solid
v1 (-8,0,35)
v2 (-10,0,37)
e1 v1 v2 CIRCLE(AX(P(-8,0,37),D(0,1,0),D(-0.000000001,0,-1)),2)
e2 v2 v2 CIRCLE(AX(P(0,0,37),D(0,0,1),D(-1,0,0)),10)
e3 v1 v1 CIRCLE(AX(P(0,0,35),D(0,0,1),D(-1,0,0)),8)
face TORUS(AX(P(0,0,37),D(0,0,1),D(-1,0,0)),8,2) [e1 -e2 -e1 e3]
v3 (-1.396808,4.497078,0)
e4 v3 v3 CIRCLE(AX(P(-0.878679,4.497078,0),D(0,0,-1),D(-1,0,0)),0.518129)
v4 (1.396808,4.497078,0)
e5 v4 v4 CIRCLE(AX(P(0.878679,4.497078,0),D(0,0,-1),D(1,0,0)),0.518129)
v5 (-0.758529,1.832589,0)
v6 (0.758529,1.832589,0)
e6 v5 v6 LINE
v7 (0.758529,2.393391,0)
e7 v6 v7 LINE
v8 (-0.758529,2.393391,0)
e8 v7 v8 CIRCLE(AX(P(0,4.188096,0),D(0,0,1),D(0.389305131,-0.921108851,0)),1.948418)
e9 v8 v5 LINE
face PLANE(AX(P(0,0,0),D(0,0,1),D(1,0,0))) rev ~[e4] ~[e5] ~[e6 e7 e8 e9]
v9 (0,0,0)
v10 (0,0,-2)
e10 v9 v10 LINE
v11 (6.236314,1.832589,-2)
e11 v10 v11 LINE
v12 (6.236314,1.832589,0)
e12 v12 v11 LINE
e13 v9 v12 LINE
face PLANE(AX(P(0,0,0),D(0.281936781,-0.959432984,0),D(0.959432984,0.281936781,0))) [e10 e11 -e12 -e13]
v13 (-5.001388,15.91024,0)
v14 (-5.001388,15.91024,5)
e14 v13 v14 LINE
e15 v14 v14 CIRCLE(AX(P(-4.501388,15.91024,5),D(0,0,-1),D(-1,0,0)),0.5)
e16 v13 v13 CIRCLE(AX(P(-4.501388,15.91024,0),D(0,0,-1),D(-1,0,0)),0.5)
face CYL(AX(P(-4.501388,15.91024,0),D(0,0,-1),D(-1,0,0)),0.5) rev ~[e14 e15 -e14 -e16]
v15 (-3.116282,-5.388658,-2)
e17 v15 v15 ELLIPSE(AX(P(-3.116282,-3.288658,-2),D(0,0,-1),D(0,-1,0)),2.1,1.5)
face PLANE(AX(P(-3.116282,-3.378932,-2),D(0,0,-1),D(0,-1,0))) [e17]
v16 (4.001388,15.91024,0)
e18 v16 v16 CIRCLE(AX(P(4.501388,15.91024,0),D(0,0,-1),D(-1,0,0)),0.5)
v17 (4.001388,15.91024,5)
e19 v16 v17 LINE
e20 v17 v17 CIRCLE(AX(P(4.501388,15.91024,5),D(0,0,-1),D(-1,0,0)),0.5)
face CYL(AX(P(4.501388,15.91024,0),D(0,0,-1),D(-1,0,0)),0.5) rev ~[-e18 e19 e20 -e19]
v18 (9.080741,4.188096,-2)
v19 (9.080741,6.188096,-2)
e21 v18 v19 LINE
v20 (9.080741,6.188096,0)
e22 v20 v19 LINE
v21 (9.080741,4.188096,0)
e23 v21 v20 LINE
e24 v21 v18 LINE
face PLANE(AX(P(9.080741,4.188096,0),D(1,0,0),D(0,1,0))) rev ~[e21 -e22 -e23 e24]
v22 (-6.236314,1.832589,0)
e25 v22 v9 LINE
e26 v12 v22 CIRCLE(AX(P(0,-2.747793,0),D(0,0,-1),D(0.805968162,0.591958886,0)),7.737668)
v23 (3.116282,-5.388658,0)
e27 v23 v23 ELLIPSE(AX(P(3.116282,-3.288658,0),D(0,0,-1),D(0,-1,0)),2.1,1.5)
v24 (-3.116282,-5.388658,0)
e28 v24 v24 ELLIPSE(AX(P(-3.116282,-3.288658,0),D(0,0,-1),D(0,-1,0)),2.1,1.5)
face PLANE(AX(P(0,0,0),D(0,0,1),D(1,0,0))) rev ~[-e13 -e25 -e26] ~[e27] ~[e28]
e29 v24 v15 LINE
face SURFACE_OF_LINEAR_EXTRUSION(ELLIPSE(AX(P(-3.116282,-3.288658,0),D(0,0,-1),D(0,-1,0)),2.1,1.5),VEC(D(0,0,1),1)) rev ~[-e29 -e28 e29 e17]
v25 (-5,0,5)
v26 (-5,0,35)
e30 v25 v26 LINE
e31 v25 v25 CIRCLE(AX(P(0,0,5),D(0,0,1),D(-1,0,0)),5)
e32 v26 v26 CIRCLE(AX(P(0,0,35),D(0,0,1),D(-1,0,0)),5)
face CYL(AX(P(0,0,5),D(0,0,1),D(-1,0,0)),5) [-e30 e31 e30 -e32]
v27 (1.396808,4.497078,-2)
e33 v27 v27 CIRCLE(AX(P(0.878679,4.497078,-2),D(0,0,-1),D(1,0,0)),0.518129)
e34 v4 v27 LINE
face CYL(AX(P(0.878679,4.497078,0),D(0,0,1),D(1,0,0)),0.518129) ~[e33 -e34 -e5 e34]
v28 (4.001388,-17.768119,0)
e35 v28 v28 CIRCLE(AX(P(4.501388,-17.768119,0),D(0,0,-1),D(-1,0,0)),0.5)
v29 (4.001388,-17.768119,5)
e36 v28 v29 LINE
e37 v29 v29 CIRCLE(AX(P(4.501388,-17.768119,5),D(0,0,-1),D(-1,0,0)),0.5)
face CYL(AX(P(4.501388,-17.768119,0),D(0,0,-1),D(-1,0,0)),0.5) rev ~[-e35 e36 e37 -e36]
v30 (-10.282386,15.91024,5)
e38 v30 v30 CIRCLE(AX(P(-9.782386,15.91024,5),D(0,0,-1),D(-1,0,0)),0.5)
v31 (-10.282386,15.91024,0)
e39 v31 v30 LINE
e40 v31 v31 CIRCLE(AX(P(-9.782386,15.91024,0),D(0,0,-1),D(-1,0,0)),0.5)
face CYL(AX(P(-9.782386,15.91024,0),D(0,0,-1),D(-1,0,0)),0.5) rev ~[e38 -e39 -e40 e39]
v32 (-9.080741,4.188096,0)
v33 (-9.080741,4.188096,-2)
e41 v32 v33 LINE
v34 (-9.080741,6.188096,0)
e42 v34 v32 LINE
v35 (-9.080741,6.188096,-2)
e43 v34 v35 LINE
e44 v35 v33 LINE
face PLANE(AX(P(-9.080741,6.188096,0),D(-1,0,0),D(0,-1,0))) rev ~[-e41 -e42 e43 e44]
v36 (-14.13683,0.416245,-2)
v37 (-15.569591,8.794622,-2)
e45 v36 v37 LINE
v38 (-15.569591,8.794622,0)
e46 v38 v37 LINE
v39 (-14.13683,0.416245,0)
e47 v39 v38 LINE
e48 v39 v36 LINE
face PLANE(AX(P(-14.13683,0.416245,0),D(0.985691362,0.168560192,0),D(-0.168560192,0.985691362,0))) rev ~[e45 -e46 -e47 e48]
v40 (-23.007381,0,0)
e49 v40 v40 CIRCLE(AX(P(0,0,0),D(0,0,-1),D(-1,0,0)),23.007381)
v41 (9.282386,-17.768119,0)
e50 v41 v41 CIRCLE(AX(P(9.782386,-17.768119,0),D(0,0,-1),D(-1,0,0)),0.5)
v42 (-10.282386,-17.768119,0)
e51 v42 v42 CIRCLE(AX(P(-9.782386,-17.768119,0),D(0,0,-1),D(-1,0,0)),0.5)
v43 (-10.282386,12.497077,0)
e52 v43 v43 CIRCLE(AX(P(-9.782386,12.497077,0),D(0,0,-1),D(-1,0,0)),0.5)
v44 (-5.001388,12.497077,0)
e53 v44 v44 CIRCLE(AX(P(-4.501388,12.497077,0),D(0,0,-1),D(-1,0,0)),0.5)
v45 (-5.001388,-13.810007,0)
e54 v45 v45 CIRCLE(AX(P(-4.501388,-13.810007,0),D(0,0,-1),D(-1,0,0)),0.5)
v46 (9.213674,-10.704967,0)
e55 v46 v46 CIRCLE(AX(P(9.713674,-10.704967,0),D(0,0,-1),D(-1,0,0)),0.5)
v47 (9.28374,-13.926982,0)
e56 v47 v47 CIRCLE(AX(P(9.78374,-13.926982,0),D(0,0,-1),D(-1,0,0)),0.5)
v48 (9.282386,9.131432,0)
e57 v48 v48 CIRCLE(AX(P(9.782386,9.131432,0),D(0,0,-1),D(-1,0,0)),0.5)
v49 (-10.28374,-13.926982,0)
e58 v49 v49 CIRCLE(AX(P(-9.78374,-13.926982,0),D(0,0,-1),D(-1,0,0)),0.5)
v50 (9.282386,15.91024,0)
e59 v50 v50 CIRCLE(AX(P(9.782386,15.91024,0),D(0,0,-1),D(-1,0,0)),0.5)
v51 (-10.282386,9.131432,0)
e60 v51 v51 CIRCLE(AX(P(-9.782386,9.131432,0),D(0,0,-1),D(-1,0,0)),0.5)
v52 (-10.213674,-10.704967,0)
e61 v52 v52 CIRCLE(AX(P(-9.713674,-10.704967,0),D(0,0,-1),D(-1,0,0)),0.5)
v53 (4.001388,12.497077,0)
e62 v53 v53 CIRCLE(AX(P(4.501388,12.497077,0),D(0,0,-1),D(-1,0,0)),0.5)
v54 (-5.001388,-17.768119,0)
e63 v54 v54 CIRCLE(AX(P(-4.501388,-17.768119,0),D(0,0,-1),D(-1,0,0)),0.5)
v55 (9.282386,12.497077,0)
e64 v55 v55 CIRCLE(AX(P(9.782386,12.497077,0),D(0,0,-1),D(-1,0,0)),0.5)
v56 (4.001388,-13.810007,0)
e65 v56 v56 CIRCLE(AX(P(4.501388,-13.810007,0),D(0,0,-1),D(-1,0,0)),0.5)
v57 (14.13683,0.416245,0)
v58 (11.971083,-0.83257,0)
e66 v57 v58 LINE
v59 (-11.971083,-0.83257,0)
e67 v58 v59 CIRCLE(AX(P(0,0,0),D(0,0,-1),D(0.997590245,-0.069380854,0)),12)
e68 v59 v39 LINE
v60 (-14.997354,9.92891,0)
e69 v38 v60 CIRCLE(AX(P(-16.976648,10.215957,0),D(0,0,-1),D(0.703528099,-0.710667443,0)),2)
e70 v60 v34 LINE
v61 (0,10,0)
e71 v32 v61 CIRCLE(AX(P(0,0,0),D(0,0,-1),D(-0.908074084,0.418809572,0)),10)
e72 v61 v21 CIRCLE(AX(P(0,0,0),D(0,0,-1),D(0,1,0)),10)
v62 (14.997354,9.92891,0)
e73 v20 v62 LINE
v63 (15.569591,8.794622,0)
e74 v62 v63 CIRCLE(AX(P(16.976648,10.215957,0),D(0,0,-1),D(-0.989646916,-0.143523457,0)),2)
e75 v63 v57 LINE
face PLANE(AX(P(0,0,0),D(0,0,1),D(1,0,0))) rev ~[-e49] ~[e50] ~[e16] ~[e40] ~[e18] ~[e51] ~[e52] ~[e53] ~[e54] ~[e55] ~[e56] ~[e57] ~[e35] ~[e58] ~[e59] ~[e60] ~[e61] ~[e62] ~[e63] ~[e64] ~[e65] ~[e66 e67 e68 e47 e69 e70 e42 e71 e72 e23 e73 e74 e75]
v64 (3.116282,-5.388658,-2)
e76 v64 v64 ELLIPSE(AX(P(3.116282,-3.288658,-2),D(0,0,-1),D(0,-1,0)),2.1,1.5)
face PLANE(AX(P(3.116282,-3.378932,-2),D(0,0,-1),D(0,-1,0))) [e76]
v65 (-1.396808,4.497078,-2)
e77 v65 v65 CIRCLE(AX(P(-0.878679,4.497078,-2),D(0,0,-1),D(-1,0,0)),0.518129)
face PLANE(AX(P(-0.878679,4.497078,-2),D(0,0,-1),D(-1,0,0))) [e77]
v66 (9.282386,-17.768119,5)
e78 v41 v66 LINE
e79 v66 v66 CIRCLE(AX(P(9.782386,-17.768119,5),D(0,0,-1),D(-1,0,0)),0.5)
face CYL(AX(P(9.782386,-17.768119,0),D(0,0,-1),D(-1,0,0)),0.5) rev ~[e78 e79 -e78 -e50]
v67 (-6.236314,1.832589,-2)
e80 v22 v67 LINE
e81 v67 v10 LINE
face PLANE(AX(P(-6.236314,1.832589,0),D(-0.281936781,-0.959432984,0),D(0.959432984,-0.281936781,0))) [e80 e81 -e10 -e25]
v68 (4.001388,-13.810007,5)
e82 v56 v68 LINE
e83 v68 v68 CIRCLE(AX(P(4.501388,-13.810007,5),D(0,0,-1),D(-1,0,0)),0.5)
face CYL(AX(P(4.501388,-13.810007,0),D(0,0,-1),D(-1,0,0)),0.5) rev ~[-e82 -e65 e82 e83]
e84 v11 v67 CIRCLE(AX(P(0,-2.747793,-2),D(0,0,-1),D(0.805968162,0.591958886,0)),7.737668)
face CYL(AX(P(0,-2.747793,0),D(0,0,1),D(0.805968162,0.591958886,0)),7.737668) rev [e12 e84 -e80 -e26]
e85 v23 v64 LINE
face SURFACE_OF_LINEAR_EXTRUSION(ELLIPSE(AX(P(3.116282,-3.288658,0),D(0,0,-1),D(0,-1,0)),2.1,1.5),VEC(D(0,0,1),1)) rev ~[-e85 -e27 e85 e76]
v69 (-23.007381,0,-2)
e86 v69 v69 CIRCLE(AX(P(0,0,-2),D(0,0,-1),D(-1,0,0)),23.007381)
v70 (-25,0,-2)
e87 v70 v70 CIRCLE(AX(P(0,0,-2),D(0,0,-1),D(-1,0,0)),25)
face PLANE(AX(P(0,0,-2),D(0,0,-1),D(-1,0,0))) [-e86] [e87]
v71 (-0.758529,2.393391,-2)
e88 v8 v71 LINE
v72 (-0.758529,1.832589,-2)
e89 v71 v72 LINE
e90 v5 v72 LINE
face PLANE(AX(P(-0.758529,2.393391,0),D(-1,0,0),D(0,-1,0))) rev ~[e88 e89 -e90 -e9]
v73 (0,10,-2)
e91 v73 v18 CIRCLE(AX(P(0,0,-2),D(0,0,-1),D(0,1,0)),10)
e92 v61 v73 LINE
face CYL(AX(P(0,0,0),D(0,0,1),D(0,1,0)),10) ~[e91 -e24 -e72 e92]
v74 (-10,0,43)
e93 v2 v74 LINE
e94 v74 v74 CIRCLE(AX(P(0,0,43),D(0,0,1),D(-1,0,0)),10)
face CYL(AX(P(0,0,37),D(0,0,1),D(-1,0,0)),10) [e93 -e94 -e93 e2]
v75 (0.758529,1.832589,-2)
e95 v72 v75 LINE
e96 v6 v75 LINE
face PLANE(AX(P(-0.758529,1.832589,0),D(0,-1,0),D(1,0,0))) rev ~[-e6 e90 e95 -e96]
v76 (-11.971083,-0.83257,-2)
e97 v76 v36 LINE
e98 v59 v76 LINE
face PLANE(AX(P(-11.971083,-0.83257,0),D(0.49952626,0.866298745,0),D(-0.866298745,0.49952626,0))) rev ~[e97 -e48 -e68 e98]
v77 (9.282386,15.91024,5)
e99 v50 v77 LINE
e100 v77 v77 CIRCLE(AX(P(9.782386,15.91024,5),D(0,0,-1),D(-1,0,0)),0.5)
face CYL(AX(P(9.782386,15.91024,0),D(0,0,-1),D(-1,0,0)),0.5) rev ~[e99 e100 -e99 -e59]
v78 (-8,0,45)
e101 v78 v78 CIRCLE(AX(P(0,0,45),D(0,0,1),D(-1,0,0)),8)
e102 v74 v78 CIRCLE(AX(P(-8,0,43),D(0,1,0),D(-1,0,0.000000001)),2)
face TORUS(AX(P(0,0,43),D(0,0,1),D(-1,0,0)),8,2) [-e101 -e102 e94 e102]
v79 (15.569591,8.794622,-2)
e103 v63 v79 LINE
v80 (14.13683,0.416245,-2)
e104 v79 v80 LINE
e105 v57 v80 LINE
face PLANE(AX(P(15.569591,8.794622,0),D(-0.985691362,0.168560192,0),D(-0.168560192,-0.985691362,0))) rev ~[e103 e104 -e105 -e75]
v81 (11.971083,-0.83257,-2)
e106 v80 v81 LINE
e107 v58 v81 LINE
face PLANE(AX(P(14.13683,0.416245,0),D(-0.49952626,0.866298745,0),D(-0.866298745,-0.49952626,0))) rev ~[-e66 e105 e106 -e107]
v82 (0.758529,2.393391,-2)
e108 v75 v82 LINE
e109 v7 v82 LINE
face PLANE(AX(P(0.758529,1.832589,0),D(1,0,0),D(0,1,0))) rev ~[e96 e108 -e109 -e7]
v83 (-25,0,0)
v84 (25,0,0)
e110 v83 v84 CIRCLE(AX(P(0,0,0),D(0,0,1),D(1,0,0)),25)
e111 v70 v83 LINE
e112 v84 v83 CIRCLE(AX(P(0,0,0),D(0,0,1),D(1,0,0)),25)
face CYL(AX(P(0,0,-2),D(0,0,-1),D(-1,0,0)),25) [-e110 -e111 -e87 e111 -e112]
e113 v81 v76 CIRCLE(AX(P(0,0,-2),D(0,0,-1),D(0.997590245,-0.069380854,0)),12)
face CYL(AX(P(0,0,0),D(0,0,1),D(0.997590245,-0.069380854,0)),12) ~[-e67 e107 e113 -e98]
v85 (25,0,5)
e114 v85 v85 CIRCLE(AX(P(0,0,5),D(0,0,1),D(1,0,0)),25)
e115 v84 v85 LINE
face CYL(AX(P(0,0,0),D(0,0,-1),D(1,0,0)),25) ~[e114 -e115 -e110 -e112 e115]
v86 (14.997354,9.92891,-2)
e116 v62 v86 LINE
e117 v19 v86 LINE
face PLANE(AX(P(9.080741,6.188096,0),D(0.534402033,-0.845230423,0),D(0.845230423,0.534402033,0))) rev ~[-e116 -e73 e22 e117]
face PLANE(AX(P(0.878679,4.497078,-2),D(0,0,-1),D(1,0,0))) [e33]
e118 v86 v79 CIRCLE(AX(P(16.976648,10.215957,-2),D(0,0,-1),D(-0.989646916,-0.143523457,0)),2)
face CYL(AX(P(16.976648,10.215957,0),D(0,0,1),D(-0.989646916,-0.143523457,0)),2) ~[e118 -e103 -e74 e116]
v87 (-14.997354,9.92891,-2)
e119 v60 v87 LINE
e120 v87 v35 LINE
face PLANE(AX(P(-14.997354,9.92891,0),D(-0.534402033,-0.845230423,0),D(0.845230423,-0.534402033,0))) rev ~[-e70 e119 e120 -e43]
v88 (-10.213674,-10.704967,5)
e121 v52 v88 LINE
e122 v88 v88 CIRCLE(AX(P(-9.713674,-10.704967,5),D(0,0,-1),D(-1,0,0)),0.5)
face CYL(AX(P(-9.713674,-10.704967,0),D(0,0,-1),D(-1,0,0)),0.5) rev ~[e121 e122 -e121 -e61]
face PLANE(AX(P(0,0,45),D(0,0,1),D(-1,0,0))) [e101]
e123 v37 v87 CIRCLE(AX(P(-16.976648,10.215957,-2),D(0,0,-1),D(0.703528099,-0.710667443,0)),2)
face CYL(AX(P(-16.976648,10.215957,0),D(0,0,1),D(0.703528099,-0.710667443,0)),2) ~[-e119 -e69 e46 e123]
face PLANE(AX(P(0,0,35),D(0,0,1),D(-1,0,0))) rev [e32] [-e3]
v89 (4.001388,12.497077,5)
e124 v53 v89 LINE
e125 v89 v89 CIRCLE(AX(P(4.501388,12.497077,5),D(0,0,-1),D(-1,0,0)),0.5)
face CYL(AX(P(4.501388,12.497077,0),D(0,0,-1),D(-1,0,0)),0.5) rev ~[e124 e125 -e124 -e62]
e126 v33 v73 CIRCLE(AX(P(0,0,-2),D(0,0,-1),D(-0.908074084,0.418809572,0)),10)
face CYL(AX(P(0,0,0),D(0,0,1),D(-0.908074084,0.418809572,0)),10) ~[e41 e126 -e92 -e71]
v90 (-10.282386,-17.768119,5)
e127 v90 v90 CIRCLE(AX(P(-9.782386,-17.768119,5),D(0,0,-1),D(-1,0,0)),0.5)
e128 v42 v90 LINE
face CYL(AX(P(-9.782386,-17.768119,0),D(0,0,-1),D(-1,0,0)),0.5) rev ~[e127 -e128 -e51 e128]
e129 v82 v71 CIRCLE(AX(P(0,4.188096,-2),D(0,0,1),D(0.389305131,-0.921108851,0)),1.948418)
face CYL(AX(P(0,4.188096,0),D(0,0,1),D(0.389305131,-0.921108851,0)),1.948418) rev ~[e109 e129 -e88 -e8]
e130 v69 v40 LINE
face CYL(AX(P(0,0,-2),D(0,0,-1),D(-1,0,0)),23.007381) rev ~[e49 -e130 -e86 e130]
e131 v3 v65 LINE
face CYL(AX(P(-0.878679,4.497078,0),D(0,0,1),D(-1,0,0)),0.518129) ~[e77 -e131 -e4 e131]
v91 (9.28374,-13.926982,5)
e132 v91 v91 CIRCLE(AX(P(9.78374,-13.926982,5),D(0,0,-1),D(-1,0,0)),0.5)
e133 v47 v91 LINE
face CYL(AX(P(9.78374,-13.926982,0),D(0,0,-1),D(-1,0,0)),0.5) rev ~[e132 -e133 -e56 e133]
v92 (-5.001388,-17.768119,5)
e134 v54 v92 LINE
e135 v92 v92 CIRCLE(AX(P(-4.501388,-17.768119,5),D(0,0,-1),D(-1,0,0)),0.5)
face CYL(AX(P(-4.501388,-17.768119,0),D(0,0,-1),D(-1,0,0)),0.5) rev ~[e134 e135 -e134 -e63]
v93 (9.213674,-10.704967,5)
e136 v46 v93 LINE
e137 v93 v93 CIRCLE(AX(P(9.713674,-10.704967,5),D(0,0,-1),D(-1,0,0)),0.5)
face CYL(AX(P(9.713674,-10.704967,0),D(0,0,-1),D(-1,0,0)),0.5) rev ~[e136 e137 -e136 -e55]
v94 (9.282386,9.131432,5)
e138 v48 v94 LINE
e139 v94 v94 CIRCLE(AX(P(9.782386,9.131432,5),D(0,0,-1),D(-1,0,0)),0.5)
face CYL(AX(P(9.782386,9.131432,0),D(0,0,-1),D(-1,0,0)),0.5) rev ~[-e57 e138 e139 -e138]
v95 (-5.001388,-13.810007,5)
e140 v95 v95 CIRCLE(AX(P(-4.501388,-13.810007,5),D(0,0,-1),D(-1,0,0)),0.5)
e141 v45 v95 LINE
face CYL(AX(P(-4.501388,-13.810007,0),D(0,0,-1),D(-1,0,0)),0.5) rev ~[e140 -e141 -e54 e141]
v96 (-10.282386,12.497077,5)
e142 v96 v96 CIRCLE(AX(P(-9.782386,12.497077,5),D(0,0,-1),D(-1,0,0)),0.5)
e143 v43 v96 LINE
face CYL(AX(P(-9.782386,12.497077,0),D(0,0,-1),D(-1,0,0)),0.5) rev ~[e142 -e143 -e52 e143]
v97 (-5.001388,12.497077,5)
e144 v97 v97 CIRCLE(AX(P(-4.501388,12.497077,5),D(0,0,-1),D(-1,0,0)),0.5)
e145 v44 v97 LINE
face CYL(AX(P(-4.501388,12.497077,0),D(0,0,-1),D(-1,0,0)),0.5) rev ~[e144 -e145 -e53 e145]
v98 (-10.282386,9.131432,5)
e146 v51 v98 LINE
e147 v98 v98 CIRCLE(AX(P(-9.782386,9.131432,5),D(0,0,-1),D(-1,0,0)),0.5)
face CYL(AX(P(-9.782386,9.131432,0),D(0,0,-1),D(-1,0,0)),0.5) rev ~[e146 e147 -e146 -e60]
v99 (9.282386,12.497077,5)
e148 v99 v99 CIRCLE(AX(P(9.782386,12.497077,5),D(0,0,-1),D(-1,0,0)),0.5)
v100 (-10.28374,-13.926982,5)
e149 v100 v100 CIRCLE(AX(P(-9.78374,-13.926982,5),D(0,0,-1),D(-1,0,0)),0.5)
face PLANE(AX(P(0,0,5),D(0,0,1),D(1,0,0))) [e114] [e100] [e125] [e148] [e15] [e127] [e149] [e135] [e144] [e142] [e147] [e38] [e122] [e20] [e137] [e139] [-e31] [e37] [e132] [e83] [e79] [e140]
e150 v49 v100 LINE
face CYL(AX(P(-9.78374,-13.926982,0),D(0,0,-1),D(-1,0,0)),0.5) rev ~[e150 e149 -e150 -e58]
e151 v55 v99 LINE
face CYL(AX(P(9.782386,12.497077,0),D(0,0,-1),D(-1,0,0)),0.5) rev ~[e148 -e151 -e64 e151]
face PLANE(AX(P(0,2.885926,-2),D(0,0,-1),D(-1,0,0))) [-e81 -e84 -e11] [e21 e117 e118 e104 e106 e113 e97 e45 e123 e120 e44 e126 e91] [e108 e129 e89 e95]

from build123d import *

# Parameters (mm, degrees)
SKETCH1_R           = 25
BOSS_EXTRUDE1_DEPTH = 5
SKETCH2_RX          = 2.1
SKETCH2_RY          = 1.5
SKETCH2_R           = 0.518128849
BOSS_EXTRUDE2_DEPTH = 2
SKETCH3_R           = 0.5
CUT_EXTRUDE1_DEPTH  = 36.707142143
BOSS_EXTRUDE4_START = 2
SKETCH4_R           = 25
SKETCH4_R_2         = 23.007381087
BOSS_EXTRUDE4_DEPTH = 2


with BuildPart() as part:
    # Sketch1 → Boss-Extrude1 (new body)
    with BuildSketch(Plane.XY):
        Circle(SKETCH1_R)
    extrude(amount=BOSS_EXTRUDE1_DEPTH)

    # Sketch2 → Boss-Extrude2 (add)
    # profile 1 of 5: a face of its own
    with BuildSketch(Plane(origin=(0, 0, 0), x_dir=(-1, 0, 0), z_dir=(0, 0, -1))):
        with BuildLine():
            Line((14.136829803, 0.416245401), (15.569591433, 8.79462198))
            ThreePointArc((15.569591433, 8.79462198), (18.762283071, 11.116793185), (14.997353799, 9.928909953))
            Line((14.997353799, 9.928909953), (9.08074084, 6.188095723))
            Line((9.08074084, 6.188095723), (9.08074084, 4.188095723))
            ThreePointArc((9.08074084, 4.188095723), (5.390688396, 8.422617088), (0, 10))
            ThreePointArc((0, 10), (-5.390688396, 8.422617088), (-9.08074084, 4.188095723))
            Line((-9.08074084, 4.188095723), (-9.08074084, 6.188095723))
            Line((-9.08074084, 6.188095723), (-14.997353799, 9.928909953))
            ThreePointArc((-14.997353799, 9.928909953), (-18.762283071, 11.116793185), (-15.569591433, 8.79462198))
            Line((-15.569591433, 8.79462198), (-14.136829803, 0.416245401))
            Line((-14.136829803, 0.416245401), (-11.971082941, -0.83257025))
            ThreePointArc((-11.971082941, -0.83257025), (0, -12), (11.971082941, -0.83257025))
            Line((11.971082941, -0.83257025), (14.136829803, 0.416245401))
        make_face()
        with BuildLine():
            Line((-0.758529186, 1.832589074), (-0.758529186, 2.393390515))
            ThreePointArc((-0.758529186, 2.393390515), (0, 6.13651388), (0.758529186, 2.393390515))
            Line((0.758529186, 2.393390515), (0.758529186, 1.832589074))
            Line((0.758529186, 1.832589074), (-0.758529186, 1.832589074))
        make_face(mode=Mode.SUBTRACT)
        with BuildLine():
            ThreePointArc((-6.236314399, 1.832589074), (0, -10.485460932), (6.236314399, 1.832589074))
            Line((6.236314399, 1.832589074), (0, 0))
            Line((0, 0), (-6.236314399, 1.832589074))
        make_face(mode=Mode.SUBTRACT)
    # profile 2 of 5: a face of its own
    with BuildSketch(Plane(origin=(0, 0, 0), x_dir=(-1, 0, 0), z_dir=(0, 0, -1))):
        with Locations(Location((-3.116282157, -3.288657736), (0, 0, -90))):
            Ellipse(SKETCH2_RX, SKETCH2_RY)
    # profile 3 of 5: a face of its own
    with BuildSketch(Plane(origin=(0, 0, 0), x_dir=(-1, 0, 0), z_dir=(0, 0, -1))):
        with Locations(Location((3.116282157, -3.288657736), (0, 0, -90))):
            Ellipse(SKETCH2_RX, SKETCH2_RY)
    # profile 4 of 5: a face of its own
    with BuildSketch(Plane(origin=(0, 0, 0), x_dir=(-1, 0, 0), z_dir=(0, 0, -1))):
        with Locations((0.878678891, 4.497077937)):
            Circle(SKETCH2_R)
    # profile 5 of 5: a face of its own
    with BuildSketch(Plane(origin=(0, 0, 0), x_dir=(-1, 0, 0), z_dir=(0, 0, -1))):
        with Locations(Location((-0.878678891, 4.497077937, 0), (0, 0, 180))):
            Circle(SKETCH2_R)
    extrude(amount=BOSS_EXTRUDE2_DEPTH)

    # Sketch3 → Cut-Extrude1 (cut, through all)
    with BuildSketch(Plane(origin=(0, 0, 0), x_dir=(-1, 0, 0), z_dir=(0, 0, -1))):
        with Locations((9.782386324, 12.497076735)):
            Circle(SKETCH3_R)
        with Locations((9.782386324, 15.910239984)):
            Circle(SKETCH3_R)
        with Locations((9.782386324, 9.13143185)):
            Circle(SKETCH3_R)
        with Locations((4.501388335, 12.497076735)):
            Circle(SKETCH3_R)
        with Locations((4.501388335, 15.910239984)):
            Circle(SKETCH3_R)
        with Locations((9.782386324, -17.768118771)):
            Circle(SKETCH3_R)
        with Locations((9.783740136, -13.926982269)):
            Circle(SKETCH3_R)
        with Locations((9.713673566, -10.704966648)):
            Circle(SKETCH3_R)
        with Locations((4.501388335, -17.768118771)):
            Circle(SKETCH3_R)
        with Locations((4.501388335, -13.810006537)):
            Circle(SKETCH3_R)
        with Locations((-4.501388335, 15.910239984)):
            Circle(SKETCH3_R)
        with Locations((-4.501388335, 12.497076735)):
            Circle(SKETCH3_R)
        with Locations((-9.782386324, 12.497076735)):
            Circle(SKETCH3_R)
        with Locations((-9.782386324, 15.910239984)):
            Circle(SKETCH3_R)
        with Locations((-9.782386324, 9.13143185)):
            Circle(SKETCH3_R)
        with Locations((-4.501388335, -17.768118771)):
            Circle(SKETCH3_R)
        with Locations((-4.501388335, -13.810006537)):
            Circle(SKETCH3_R)
        with Locations((-9.783740136, -13.926982269)):
            Circle(SKETCH3_R)
        with Locations((-9.713673566, -10.704966648)):
            Circle(SKETCH3_R)
        with Locations((-9.782386324, -17.768118771)):
            Circle(SKETCH3_R)
    extrude(amount=-CUT_EXTRUDE1_DEPTH, mode=Mode.SUBTRACT)

    # Sketch4 → Boss-Extrude4 (add)
    with BuildSketch(Plane(origin=(0, 0, 0), x_dir=(-1, 0, 0), z_dir=(0, 0, -1)).offset(BOSS_EXTRUDE4_START)):
        Circle(SKETCH4_R)
        Circle(SKETCH4_R_2, mode=Mode.SUBTRACT)
    extrude(amount=-BOSS_EXTRUDE4_DEPTH)

    # Sketch5 → Revolve1 (revolve)
    with BuildSketch(Plane(origin=(0, 0, 0), x_dir=(0, 0, -1), z_dir=(1, 0, 0)), mode=Mode.PRIVATE) as revolve1_sk:
        with BuildLine():
            Line((-5, 5), (-35, 5))
            Line((-35, 5), (-35, 8))
            ThreePointArc((-35, 8), (-35.585786438, 9.414213562), (-37, 10))
            Line((-37, 10), (-43, 10))
            ThreePointArc((-43, 10), (-44.414213562, 9.414213562), (-45, 8))
            Line((-45, 8), (-45, 0))
            Line((-45, 0), (-5, 0))
            Line((-5, 0), (-5, 5))
        make_face()
    revolve(revolve1_sk.sketch.rotate(Axis((0, 0, 0), (0, 0, 1)), 90), axis=Axis((0, 0, 0), (0, 0, 1)))


solid = part.part
